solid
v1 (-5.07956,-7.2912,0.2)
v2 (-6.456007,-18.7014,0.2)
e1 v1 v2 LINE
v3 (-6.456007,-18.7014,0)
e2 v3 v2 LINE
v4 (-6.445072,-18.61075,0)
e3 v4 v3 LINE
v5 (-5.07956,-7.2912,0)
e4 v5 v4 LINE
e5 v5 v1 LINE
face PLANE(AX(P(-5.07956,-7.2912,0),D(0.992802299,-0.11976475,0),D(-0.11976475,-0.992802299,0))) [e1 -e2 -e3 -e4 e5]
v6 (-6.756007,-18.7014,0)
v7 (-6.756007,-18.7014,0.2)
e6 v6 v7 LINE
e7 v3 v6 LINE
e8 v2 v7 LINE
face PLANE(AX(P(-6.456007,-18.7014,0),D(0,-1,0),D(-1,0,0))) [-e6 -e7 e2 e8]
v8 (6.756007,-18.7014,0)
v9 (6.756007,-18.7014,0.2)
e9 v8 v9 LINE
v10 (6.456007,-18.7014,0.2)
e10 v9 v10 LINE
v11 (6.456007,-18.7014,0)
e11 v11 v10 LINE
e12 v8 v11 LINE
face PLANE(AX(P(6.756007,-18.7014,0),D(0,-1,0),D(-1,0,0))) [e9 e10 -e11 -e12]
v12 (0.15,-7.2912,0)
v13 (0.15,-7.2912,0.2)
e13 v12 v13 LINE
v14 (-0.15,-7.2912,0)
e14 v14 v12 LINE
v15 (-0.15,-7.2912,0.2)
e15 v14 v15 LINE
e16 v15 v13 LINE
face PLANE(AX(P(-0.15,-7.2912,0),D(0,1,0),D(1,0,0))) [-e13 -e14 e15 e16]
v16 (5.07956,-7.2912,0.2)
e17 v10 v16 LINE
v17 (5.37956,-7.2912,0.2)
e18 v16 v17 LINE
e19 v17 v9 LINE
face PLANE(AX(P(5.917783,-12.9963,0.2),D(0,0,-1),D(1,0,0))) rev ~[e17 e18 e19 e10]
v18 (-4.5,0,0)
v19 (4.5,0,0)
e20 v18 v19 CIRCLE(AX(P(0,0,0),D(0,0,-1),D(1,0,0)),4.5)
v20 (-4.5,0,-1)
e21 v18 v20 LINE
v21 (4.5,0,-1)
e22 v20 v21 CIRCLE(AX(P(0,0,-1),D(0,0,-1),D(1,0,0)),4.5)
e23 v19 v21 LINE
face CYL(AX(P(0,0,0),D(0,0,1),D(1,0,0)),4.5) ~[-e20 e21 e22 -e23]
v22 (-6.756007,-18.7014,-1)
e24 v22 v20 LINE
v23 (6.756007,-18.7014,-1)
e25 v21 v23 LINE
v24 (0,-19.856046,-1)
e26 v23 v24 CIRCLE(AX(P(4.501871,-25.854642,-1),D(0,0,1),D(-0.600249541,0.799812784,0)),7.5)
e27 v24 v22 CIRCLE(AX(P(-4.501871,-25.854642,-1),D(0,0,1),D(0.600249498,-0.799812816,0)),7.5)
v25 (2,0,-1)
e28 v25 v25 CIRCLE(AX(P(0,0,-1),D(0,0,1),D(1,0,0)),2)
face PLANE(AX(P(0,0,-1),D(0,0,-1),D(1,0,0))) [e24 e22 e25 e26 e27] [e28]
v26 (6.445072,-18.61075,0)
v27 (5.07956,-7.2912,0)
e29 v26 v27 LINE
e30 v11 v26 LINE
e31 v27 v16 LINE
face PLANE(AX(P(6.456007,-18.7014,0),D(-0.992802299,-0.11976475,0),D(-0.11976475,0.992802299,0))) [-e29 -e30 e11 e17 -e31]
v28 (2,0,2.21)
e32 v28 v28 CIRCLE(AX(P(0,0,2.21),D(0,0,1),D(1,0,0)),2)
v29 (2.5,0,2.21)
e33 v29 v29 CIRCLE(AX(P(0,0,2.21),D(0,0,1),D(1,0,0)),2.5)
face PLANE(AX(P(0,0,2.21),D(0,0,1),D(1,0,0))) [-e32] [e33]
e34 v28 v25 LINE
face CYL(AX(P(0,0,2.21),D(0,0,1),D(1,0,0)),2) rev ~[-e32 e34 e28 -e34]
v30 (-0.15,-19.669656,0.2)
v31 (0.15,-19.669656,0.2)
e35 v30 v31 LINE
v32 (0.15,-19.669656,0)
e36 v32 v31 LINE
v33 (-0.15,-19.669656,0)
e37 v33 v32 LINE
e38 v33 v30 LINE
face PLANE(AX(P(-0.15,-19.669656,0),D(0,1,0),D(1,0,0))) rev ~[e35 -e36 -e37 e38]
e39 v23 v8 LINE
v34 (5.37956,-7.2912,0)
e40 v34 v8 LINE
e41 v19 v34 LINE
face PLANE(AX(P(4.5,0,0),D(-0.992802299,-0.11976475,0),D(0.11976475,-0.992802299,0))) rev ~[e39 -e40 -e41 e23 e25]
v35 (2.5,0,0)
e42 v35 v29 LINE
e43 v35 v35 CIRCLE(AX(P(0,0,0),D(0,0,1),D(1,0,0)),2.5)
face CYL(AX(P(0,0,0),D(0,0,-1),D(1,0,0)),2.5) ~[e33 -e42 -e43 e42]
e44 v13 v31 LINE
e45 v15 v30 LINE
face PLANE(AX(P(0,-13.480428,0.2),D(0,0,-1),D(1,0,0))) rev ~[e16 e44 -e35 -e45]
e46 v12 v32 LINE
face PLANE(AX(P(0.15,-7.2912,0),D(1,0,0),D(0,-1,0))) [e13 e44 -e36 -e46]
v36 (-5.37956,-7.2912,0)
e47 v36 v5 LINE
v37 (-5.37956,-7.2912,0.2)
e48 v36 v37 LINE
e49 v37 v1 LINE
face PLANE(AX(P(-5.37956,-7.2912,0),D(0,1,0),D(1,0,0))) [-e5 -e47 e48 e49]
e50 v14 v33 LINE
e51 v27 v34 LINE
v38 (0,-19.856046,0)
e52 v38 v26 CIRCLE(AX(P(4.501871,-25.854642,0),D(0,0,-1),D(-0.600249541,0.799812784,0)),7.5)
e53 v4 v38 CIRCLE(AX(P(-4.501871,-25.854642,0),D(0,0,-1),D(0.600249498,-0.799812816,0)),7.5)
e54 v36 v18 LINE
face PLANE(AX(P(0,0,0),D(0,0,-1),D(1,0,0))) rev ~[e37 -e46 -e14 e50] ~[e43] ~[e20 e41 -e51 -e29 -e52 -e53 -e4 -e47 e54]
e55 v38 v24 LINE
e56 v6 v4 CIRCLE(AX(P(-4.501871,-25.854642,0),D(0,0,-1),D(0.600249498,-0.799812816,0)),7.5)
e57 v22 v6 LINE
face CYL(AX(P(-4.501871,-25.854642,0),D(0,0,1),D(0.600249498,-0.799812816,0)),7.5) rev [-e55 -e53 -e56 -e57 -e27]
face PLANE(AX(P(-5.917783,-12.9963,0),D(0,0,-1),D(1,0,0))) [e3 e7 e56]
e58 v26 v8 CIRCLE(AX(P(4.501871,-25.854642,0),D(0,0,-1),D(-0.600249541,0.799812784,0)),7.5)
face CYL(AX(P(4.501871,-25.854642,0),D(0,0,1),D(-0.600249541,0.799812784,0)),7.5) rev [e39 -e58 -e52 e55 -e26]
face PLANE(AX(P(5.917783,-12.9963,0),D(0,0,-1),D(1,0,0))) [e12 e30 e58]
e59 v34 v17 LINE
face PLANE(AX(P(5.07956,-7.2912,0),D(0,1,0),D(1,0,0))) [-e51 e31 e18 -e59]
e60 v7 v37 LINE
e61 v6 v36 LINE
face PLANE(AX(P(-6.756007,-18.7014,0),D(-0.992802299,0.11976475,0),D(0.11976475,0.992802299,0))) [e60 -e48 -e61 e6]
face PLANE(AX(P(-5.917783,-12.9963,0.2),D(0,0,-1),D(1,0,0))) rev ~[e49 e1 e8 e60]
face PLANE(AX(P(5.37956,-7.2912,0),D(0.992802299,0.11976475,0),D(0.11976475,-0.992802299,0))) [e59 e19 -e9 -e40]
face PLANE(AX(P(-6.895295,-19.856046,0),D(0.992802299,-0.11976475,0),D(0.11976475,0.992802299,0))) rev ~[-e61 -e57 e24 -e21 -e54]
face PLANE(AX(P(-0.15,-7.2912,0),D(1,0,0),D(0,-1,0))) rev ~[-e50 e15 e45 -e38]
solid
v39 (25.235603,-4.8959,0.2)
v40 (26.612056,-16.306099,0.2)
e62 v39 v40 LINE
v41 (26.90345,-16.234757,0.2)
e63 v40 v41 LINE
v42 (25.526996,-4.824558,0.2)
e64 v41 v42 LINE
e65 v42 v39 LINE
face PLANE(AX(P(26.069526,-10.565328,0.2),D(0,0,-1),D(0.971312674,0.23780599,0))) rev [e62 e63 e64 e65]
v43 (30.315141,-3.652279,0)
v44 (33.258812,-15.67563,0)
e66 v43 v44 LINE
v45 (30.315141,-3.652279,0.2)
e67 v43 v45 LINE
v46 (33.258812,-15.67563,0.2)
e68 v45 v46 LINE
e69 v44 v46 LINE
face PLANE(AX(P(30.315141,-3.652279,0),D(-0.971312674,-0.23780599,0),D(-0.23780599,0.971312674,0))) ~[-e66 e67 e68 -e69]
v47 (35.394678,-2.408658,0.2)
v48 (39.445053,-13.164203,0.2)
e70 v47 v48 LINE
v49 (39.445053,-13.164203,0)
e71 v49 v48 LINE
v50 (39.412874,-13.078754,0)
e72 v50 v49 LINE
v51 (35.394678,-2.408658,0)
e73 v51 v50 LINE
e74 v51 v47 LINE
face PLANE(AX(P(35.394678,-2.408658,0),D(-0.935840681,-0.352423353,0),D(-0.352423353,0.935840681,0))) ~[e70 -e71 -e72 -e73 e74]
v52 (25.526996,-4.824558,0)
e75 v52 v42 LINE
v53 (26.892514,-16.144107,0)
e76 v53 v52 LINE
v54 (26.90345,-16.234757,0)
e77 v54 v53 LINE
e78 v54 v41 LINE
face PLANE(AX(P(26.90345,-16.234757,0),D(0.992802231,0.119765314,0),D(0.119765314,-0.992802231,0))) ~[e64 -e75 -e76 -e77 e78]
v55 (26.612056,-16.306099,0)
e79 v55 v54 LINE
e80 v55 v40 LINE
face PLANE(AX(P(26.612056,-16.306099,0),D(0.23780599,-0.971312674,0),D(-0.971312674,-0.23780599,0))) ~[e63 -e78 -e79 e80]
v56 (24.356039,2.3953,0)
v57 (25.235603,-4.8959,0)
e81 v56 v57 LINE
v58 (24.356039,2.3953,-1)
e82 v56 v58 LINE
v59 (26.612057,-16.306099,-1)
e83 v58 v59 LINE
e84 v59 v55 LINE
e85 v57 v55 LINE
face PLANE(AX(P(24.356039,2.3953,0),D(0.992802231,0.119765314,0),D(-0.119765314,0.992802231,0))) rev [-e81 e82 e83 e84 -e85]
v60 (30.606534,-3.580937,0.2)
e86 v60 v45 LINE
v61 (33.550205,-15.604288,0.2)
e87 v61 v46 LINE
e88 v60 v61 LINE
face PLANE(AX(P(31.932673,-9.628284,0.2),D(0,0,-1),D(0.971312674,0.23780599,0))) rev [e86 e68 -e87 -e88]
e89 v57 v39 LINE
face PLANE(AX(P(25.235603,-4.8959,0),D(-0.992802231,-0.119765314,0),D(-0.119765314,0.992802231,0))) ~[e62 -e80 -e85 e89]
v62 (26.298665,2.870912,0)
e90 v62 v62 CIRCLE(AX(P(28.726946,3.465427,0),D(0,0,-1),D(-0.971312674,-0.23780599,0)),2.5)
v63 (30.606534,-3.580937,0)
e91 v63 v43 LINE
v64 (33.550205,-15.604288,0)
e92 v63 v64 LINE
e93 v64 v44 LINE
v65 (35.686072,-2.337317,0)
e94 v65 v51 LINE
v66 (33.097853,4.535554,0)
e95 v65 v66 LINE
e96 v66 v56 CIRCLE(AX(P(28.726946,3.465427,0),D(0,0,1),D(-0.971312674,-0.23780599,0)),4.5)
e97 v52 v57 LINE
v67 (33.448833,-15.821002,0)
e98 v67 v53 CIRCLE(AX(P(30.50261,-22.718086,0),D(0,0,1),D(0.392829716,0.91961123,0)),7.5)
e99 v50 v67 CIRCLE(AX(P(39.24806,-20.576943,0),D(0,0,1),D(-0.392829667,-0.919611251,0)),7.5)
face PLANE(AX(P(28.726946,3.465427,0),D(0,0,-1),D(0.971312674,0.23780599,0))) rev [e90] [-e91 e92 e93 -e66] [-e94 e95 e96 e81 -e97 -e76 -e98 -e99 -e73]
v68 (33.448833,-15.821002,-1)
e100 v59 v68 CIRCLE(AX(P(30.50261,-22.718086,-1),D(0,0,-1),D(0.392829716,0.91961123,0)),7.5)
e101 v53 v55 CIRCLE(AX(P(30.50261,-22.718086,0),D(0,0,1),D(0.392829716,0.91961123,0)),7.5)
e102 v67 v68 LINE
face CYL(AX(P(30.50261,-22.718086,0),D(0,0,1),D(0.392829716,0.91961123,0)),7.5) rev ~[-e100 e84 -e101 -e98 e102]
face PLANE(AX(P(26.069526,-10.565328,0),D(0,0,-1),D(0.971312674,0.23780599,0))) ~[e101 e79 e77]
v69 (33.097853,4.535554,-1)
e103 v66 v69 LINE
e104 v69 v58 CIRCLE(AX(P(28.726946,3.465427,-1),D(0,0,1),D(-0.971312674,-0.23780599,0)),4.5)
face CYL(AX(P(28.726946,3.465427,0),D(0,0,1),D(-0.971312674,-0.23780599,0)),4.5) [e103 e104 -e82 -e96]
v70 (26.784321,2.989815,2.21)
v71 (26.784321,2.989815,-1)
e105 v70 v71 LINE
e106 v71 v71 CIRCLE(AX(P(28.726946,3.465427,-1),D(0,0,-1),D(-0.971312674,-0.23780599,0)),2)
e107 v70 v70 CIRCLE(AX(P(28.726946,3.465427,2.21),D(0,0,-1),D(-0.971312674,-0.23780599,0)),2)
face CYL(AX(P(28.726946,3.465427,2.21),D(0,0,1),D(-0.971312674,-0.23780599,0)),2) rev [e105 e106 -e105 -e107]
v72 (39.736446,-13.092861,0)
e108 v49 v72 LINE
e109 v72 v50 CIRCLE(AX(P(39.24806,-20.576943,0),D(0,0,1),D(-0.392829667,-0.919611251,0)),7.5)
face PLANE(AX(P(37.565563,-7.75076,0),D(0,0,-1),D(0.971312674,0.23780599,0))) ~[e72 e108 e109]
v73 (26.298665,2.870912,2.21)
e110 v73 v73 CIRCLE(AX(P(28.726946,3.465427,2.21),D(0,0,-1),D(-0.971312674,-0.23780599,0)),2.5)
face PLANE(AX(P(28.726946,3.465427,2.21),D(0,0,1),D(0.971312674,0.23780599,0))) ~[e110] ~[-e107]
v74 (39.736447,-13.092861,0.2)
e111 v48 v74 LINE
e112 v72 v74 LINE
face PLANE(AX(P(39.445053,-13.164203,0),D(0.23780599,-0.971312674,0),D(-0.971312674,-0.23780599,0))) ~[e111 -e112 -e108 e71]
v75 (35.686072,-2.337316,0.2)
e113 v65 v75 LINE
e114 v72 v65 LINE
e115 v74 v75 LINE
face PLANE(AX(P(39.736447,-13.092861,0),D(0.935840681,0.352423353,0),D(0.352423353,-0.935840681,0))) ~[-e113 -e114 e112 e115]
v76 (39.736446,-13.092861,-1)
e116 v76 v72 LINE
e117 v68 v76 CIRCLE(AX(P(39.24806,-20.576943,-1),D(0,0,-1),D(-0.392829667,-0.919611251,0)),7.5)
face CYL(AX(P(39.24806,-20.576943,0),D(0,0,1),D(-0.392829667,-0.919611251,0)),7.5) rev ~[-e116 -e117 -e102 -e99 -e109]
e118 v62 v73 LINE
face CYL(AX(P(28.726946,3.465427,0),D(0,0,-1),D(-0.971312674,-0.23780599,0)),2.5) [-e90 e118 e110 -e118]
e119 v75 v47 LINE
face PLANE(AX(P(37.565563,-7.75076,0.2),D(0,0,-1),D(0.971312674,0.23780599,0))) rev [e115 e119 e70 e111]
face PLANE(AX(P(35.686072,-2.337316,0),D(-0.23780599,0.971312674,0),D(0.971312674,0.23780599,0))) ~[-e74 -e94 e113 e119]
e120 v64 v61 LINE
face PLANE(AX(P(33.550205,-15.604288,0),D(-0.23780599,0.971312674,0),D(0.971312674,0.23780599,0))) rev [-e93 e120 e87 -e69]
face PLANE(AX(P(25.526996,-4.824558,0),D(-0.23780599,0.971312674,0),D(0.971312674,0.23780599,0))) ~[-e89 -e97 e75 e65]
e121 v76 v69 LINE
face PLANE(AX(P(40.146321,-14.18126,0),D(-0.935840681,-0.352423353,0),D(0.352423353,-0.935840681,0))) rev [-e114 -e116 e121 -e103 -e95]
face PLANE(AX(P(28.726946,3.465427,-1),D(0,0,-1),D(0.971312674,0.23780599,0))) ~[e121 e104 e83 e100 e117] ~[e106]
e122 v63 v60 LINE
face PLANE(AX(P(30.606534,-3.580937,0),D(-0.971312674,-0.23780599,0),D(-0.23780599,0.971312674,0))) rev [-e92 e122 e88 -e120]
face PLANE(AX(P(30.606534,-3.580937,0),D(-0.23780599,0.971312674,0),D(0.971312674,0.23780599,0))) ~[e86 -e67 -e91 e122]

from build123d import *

# Parameters (mm, degrees)
F0_R     = 2.5
F1_DEPTH = 2.21
F3_DEPTH = 1
F4_R     = 2
F5_DEPTH = 25
F7_DEPTH = 25
F8_W     = 0.3
F8_H     = 12.378456
F9_DEPTH = 0.2


with BuildPart() as f1:
    # F0 (on Top) → F1 (new body)
    with BuildSketch(Plane.XY):
        Circle(F0_R)
    extrude(amount=F1_DEPTH)

    # F2 (on face) → F3 (join)
    with BuildSketch(Plane(origin=(0, 0, 0), x_dir=(1, 0, 0), z_dir=(0, 0, -1))):
        with BuildLine():
            ThreePointArc((-4.5, 0), (0, -4.5), (4.5, 0))
            ThreePointArc((4.5, 0), (0, 4.5), (-4.5, 0))
        make_face()
        with BuildLine():
            ThreePointArc((-4.5, 0), (0, 4.5), (4.5, 0))
            Line((4.5, 0), (6.895295, 19.856046))
            Line((6.895295, 19.856046), (-6.895295, 19.856046))
            Line((-6.895295, 19.856046), (-4.5, 0))
        make_face()
    extrude(amount=F3_DEPTH)

    # F4 (on face) → F5 (cut)
    with BuildSketch(Plane.XY.offset(2.21)):
        Circle(F4_R)
    extrude(amount=-F5_DEPTH, mode=Mode.SUBTRACT)

    # F6 (on face) → F7 (cut)
    with BuildSketch(Plane(origin=(0, 0, 0), x_dir=(1, 0, 0), z_dir=(0, 0, -1))):
        with BuildLine():
            ThreePointArc((0, 31.853238), (2.206856, 29.207698), (2.998129, 25.854642))
            ThreePointArc((2.998129, 25.854642), (2.206856, 22.501586), (0, 19.856046))
            ThreePointArc((0, 19.856046), (7.854927, 19.145915), (12.001871, 25.854642))
            ThreePointArc((12.001871, 25.854642), (7.854927, 32.563369), (0, 31.853238))
        make_face()
        with BuildLine():
            ThreePointArc((0, 19.856046), (-2.998129, 25.854642), (0, 31.853238))
            ThreePointArc((0, 31.853238), (-12.001871, 25.854642), (0, 19.856046))
        make_face()
    extrude(amount=F7_DEPTH, mode=Mode.SUBTRACT)

    # F8 (on face) → F9 (join)
    with BuildSketch(Plane(origin=(0, 0, 0), x_dir=(1, 0, 0), z_dir=(0, 0, -1))):
        Polygon((-6.756007, 18.7014), (-5.37956, 7.2912), (-5.07956, 7.2912), (-6.456007, 18.7014), align=None)
        Polygon((5.07956, 7.2912), (5.37956, 7.2912), (6.756007, 18.7014), (6.456007, 18.7014), align=None)
        with Locations((0, 13.480428)):
            Rectangle(F8_W, F8_H)
    extrude(amount=-F9_DEPTH)


with BuildPart() as f11_1:
    # F11: instance of F1
    add(f1.part.mirror(Plane(origin=(15.603854, -8.549527, -0.434747), x_dir=(-0.119765, 0.992802, 0), z_dir=(0.992802, 0.119765, 0))))


solid = Compound([f1.part, f11_1.part])
